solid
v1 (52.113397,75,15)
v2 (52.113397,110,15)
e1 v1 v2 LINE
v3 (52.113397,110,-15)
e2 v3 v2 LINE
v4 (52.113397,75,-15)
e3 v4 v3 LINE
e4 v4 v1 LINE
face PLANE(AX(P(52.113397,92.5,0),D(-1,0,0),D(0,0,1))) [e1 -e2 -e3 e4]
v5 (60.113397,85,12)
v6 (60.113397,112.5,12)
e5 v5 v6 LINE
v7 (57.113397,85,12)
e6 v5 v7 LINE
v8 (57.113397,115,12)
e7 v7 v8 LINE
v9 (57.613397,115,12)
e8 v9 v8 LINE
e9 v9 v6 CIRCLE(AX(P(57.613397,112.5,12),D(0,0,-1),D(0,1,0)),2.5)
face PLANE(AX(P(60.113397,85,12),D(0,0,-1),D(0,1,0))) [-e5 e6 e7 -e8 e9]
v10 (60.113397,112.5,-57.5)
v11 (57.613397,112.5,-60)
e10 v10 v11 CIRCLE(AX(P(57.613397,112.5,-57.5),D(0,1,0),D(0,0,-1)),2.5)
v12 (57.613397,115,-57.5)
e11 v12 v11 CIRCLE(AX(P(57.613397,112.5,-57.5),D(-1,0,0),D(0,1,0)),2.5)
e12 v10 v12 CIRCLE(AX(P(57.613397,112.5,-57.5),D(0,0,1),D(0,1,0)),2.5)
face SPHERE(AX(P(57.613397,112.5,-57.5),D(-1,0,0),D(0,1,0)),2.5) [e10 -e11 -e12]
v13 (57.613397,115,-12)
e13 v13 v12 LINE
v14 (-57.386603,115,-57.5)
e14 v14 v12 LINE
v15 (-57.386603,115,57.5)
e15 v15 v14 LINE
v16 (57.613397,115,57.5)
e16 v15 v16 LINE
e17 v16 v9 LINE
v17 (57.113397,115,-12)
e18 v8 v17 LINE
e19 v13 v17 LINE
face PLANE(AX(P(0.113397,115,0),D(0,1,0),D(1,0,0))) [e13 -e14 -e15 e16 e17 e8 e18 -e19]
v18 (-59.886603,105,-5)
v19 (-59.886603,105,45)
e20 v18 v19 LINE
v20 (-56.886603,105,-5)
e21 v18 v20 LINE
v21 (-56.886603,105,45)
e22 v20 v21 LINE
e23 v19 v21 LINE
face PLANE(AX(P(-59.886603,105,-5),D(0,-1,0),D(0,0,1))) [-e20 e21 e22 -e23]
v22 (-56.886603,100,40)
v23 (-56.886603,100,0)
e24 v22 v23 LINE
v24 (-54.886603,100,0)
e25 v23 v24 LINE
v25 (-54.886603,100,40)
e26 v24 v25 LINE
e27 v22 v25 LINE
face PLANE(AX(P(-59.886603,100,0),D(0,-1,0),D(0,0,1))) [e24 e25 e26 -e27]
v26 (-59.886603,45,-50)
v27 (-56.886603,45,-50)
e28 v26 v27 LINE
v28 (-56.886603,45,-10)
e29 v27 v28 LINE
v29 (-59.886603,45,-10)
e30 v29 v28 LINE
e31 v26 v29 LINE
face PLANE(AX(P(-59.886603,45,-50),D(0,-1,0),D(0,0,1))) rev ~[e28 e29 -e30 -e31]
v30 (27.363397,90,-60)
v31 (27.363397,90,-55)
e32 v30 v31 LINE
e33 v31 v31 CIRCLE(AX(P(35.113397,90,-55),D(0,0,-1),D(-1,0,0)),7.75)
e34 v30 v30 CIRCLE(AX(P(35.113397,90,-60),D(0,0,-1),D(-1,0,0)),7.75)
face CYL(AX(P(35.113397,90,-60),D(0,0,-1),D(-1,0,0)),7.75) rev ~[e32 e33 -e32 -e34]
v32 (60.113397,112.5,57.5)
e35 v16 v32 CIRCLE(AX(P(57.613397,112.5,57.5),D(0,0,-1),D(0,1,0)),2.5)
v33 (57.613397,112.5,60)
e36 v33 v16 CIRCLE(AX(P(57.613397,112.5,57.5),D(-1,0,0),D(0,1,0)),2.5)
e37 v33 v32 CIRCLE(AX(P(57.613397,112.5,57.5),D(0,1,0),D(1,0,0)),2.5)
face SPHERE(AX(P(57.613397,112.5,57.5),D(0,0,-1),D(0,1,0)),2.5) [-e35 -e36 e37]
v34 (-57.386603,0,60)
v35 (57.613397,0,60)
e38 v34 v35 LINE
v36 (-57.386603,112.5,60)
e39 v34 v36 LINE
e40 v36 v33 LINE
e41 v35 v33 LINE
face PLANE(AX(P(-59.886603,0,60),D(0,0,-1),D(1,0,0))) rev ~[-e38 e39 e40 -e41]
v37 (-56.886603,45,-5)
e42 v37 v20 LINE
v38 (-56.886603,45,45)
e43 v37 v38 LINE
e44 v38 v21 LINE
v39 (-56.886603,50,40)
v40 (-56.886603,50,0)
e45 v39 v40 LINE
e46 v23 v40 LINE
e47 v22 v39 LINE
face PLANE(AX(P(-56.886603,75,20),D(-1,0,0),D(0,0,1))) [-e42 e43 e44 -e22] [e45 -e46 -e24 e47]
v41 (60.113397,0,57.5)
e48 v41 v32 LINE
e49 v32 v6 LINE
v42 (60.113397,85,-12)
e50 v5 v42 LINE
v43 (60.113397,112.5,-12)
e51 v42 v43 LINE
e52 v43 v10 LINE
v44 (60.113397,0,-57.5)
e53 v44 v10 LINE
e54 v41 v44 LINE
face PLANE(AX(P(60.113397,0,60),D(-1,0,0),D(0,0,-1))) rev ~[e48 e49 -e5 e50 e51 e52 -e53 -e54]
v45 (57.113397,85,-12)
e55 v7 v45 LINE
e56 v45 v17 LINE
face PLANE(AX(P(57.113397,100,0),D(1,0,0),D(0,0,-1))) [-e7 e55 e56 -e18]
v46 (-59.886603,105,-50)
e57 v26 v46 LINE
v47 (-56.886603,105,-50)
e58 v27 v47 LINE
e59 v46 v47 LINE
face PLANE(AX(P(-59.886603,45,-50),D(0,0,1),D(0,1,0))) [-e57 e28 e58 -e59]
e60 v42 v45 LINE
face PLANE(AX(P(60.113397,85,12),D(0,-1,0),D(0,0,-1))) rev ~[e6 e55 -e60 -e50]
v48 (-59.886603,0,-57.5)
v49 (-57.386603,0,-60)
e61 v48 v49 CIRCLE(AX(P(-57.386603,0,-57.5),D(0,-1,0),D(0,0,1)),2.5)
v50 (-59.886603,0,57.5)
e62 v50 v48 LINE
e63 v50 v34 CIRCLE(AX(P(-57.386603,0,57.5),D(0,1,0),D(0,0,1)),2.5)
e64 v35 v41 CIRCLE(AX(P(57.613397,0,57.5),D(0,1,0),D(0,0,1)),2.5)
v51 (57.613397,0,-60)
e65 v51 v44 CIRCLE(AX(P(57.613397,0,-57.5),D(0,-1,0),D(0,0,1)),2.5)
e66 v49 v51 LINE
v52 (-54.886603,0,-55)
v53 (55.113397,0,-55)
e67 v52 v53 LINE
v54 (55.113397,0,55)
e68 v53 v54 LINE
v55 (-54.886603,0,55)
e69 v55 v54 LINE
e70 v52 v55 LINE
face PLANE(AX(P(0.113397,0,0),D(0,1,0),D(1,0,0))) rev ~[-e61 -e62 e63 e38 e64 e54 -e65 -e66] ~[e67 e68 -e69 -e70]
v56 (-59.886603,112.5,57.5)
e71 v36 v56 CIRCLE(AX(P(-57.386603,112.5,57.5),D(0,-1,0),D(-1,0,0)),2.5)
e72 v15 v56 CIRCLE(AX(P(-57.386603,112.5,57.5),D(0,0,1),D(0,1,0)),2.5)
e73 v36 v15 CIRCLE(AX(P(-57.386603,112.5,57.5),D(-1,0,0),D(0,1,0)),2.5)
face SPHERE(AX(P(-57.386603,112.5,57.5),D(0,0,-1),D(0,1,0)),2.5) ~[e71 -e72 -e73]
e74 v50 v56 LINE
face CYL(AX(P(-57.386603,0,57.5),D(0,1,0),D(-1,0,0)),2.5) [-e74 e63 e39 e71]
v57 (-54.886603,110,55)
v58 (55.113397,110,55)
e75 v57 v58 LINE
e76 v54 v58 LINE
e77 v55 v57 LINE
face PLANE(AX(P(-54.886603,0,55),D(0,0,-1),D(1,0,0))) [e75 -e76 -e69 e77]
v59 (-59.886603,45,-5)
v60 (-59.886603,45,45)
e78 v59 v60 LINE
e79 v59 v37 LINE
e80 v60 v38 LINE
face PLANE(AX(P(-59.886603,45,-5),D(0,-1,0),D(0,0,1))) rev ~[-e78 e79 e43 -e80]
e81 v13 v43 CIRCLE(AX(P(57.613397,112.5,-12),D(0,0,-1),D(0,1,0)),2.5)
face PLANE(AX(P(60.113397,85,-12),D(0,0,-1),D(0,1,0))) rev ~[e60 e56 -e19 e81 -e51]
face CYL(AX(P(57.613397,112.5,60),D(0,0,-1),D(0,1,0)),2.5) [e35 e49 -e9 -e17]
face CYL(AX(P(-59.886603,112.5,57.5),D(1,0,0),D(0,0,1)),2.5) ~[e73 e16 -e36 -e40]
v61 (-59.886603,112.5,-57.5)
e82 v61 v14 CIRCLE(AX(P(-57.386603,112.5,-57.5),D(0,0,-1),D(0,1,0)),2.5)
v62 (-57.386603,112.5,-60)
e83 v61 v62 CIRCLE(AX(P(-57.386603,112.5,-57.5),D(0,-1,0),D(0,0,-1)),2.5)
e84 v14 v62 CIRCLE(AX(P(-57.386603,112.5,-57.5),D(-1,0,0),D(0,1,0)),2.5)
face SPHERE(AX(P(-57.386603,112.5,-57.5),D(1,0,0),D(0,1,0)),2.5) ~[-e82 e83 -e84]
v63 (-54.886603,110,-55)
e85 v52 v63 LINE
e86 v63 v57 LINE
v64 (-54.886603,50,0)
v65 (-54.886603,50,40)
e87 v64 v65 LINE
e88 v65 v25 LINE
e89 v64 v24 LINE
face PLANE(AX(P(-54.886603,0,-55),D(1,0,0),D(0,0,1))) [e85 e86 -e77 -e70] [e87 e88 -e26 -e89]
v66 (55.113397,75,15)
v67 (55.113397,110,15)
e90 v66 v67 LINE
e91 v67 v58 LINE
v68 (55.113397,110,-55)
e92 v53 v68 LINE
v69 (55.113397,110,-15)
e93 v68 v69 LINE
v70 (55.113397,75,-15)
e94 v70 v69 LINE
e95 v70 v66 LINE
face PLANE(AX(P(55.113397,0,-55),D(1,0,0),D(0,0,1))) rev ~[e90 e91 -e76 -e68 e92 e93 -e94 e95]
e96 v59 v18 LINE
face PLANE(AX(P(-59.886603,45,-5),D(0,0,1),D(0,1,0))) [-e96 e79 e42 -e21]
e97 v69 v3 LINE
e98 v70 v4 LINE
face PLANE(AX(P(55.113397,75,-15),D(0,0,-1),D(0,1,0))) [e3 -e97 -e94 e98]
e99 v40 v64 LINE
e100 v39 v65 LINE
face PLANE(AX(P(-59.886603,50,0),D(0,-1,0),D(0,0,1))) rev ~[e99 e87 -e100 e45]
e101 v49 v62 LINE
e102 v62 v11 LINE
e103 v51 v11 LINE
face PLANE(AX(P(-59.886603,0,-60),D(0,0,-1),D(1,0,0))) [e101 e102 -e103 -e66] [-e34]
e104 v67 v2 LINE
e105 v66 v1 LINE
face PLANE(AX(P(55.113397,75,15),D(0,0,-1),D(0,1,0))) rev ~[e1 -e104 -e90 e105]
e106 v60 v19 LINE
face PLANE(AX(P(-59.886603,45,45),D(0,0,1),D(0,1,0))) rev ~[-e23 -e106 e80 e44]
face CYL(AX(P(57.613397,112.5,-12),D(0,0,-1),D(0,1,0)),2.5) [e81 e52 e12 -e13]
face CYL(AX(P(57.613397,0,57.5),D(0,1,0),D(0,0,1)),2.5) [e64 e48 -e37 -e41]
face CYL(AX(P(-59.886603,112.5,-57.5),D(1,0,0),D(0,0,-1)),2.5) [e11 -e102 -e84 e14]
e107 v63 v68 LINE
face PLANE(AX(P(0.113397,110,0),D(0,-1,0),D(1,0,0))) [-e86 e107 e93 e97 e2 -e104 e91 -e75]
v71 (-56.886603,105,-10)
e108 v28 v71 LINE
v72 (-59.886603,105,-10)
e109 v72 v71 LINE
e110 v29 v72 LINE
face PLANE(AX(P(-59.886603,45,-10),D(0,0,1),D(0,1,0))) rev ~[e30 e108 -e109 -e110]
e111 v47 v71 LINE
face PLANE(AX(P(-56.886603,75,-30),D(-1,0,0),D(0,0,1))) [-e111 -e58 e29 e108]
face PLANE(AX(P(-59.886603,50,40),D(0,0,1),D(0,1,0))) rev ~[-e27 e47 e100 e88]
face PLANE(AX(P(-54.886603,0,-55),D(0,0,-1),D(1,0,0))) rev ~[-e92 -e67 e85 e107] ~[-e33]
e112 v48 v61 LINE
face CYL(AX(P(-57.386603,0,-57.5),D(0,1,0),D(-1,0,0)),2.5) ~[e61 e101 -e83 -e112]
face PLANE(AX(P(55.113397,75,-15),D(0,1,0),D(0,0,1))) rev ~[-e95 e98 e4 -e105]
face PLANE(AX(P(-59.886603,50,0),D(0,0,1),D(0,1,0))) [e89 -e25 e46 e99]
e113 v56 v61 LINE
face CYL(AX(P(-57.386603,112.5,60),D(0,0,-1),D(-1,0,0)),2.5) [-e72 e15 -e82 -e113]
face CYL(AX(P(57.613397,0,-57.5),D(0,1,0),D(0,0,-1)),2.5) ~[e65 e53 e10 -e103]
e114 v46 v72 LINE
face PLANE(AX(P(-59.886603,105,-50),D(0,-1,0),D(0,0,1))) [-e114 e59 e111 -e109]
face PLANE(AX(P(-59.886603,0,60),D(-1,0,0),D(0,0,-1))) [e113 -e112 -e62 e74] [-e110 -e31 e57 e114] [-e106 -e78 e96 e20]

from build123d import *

# Parameters (mm, degrees)
SKETCH1_W           = 120
SKETCH1_H           = 120
BOSS_EXTRUDE1_DEPTH = 115
SKETCH2_W           = 110
SKETCH2_H           = 110
CUT_EXTRUDE1_DEPTH  = 110
SKETCH4_W           = 24
SKETCH4_H           = 30
CUT_EXTRUDE3_DEPTH  = 3
SKETCH6_R           = 7.75
CUT_EXTRUDE5_DEPTH  = 6
SKETCH9_W           = 30
SKETCH9_H           = 35
BOSS_EXTRUDE2_DEPTH = 3
FILLET2_R           = 2.5
SKETCH12_W          = 40
SKETCH12_H          = 50
CUT_EXTRUDE8_DEPTH  = 5
SKETCH13_W          = 50
SKETCH13_H          = 60
CUT_EXTRUDE9_DEPTH  = 3
SKETCH14_W          = 40
SKETCH14_H          = 60
CUT_EXTRUDE10_DEPTH = 3


with BuildPart() as part:
    # Sketch1 → Boss-Extrude1 (new body)
    with BuildSketch(Plane(origin=(0, 0, 0), x_dir=(1, 0, 0), z_dir=(0, 1, 0))):
        with Locations((0.113396959, 0)):
            Rectangle(SKETCH1_W, SKETCH1_H)
    extrude(amount=BOSS_EXTRUDE1_DEPTH)

    # Sketch2 → Cut-Extrude1 (cut)
    with BuildSketch(Plane.XZ):
        with Locations((0.113396959, 0)):
            Rectangle(SKETCH2_W, SKETCH2_H)
    extrude(amount=-CUT_EXTRUDE1_DEPTH, mode=Mode.SUBTRACT)

    # Sketch4 → Cut-Extrude3 (cut)
    with BuildSketch(Plane(origin=(60.113396959, 0, 0), x_dir=(0, 0, -1), z_dir=(1, 0, 0))):
        with Locations((0, 100)):
            Rectangle(SKETCH4_W, SKETCH4_H)
    extrude(amount=-CUT_EXTRUDE3_DEPTH, mode=Mode.SUBTRACT)

    # Sketch6 → Cut-Extrude5 (cut)
    with BuildSketch(Plane(origin=(0, 0, -60), x_dir=(-1, 0, 0), z_dir=(0, 0, -1))):
        with Locations((-35.113396959, 90)):
            Circle(SKETCH6_R)
    extrude(amount=-CUT_EXTRUDE5_DEPTH, mode=Mode.SUBTRACT)

    # Sketch9 → Boss-Extrude2 (add)
    with BuildSketch(Plane.ZY.offset(-55.113396959)):
        with Locations((0, 92.5)):
            Rectangle(SKETCH9_W, SKETCH9_H)
    extrude(amount=BOSS_EXTRUDE2_DEPTH)

    # Fillet2
    fillet2_edges = [part.edges().sort_by_distance(p)[0] for p in [
        (60.113396959, 115, 36),
        (0.113396959, 115, -60),
        (60.113396959, 115, -36),
        (-59.886603041, 115, 0),
        (0.113396959, 115, 60),
        (-59.886603041, 57.5, -60),
        (60.113396959, 57.5, -60),
        (60.113396959, 57.5, 60),
        (-59.886603041, 57.5, 60),
    ]]
    fillet(fillet2_edges, radius=FILLET2_R)

    # Sketch12 → Cut-Extrude8 (cut)
    with BuildSketch(Plane.ZY.offset(59.886603041)):
        with Locations((20, 75)):
            Rectangle(SKETCH12_W, SKETCH12_H)
    extrude(amount=-CUT_EXTRUDE8_DEPTH, mode=Mode.SUBTRACT)

    # Sketch13 → Cut-Extrude9 (cut)
    with BuildSketch(Plane.ZY.offset(59.886603041)):
        with Locations((20, 75)):
            Rectangle(SKETCH13_W, SKETCH13_H)
    extrude(amount=-CUT_EXTRUDE9_DEPTH, mode=Mode.SUBTRACT)

    # Sketch14 → Cut-Extrude10 (cut)
    with BuildSketch(Plane.ZY.offset(59.886603041)):
        with Locations((-30, 75)):
            Rectangle(SKETCH14_W, SKETCH14_H)
    extrude(amount=-CUT_EXTRUDE10_DEPTH, mode=Mode.SUBTRACT)


solid = part.part
